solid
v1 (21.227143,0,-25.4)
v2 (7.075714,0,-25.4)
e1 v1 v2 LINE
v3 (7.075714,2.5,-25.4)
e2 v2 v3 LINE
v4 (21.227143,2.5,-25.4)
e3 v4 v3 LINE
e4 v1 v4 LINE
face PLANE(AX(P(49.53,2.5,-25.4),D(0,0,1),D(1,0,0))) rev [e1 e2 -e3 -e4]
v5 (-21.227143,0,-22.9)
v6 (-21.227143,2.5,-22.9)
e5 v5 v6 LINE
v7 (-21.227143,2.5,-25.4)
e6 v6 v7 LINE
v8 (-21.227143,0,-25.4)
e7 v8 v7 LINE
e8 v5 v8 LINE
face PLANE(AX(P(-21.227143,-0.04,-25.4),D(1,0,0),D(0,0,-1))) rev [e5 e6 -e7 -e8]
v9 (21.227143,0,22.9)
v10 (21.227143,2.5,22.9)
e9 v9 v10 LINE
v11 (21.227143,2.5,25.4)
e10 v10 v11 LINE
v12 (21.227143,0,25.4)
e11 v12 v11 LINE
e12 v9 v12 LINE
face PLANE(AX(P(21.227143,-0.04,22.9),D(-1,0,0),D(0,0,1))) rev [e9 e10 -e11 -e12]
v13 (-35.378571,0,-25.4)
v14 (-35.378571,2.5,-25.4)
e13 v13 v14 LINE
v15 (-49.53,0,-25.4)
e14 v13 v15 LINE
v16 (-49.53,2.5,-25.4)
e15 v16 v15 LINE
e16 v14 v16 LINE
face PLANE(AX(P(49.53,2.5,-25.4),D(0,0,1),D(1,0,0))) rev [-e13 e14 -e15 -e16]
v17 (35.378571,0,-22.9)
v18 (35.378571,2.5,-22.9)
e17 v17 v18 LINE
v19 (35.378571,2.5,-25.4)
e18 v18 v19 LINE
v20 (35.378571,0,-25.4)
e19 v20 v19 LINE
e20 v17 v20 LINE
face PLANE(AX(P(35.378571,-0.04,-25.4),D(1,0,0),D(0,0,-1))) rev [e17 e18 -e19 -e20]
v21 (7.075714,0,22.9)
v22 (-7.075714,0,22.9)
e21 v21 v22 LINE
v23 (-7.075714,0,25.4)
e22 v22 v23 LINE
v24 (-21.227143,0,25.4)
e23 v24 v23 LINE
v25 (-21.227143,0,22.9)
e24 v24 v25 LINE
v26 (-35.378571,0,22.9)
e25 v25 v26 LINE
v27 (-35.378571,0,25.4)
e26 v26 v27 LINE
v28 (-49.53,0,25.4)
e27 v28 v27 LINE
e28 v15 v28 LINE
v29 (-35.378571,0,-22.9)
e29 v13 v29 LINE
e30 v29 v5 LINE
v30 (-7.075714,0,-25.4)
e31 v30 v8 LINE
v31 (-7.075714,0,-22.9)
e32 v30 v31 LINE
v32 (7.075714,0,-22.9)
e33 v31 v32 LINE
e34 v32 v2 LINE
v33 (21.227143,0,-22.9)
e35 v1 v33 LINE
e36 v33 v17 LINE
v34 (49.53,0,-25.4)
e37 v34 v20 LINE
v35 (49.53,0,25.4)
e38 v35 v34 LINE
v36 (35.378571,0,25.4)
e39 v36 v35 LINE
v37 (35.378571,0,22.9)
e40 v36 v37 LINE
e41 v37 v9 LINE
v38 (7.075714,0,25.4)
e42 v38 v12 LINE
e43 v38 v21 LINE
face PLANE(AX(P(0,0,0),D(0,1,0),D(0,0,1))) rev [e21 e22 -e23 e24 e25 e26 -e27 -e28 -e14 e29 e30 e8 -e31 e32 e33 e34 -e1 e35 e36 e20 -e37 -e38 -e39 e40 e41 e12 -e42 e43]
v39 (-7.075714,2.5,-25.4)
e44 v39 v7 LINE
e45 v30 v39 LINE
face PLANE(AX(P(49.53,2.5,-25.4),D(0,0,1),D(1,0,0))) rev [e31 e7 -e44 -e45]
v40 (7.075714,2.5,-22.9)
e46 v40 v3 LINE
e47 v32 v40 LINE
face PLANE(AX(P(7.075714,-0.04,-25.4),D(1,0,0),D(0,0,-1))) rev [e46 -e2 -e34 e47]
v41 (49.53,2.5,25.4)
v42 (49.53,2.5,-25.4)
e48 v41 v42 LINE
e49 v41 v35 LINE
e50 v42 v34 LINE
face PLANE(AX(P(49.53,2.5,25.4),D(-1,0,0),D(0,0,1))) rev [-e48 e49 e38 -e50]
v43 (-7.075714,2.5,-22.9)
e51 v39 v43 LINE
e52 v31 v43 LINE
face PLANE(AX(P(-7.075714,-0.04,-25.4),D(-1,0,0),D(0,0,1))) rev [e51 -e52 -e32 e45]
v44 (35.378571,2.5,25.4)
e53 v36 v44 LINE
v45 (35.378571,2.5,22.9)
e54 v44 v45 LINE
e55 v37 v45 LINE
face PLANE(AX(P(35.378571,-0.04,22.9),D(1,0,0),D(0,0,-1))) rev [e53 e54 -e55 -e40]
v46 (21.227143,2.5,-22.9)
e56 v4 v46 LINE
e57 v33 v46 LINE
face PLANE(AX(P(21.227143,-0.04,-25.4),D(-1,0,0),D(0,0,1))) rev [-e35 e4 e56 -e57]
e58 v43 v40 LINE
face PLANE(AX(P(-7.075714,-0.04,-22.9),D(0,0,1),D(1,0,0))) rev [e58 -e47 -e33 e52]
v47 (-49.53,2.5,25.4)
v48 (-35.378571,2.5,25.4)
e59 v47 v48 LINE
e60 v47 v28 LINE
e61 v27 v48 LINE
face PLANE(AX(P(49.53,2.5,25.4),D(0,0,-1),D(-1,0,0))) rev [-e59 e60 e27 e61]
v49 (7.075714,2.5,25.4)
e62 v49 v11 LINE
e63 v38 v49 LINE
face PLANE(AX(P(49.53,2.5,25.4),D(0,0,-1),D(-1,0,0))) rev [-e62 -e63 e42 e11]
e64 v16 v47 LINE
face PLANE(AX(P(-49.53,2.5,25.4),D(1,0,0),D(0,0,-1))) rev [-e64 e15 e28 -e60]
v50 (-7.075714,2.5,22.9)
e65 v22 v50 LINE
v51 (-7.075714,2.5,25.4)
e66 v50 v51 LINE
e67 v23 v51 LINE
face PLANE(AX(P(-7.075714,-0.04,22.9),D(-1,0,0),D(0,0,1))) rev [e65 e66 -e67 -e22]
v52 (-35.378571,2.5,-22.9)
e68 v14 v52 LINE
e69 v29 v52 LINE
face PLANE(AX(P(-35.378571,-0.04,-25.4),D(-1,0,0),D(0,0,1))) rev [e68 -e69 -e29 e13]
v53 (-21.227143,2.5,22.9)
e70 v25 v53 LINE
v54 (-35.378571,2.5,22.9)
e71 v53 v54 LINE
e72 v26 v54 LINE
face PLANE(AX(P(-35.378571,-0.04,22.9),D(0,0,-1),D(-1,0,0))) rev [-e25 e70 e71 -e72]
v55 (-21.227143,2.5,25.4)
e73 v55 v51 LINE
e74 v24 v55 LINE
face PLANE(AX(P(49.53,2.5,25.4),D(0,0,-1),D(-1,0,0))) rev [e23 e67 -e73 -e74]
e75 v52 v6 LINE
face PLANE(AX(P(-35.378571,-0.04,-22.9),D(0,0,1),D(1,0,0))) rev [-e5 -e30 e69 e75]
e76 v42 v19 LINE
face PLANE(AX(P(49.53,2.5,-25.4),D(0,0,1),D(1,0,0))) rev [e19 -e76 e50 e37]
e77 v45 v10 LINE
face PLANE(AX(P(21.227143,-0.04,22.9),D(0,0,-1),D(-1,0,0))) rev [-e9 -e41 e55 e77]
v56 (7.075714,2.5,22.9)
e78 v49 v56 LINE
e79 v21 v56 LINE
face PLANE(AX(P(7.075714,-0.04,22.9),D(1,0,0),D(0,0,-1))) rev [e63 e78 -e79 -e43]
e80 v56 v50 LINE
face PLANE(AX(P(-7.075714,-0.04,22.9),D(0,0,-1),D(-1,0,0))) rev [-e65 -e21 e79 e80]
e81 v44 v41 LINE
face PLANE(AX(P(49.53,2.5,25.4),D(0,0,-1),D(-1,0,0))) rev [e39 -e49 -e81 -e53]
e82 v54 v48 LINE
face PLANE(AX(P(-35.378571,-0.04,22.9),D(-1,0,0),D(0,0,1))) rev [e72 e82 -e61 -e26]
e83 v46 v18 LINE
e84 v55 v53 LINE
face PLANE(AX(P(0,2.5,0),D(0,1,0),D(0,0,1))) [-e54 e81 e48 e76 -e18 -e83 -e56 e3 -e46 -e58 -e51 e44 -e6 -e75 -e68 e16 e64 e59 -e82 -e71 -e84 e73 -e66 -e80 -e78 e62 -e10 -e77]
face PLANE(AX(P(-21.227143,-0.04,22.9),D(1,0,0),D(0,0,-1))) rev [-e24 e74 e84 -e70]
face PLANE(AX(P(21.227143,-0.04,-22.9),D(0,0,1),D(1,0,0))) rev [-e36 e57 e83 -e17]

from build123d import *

# Parameters (mm, degrees)
SKETCH1_W           = 99.06
SKETCH1_H           = 50.8
BOSS_EXTRUDE1_DEPTH = 2.5
SKETCH2_W           = 14.151428572
SKETCH2_H           = 2.5
CUT_EXTRUDE1_DEPTH  = 2.54


with BuildPart() as part:
    # Sketch1 → Boss-Extrude1 (new body)
    with BuildSketch(Plane(origin=(0, 0, 0), x_dir=(1, 0, 0), z_dir=(0, 1, 0))):
        Rectangle(SKETCH1_W, SKETCH1_H)
    extrude(amount=BOSS_EXTRUDE1_DEPTH)

    # Sketch2 → Cut-Extrude1 (cut)
    with BuildSketch(Plane(origin=(0, 2.5, 0), x_dir=(1, 0, 0), z_dir=(0, 1, 0))):
        with Locations((-28.302857143, 24.15)):
            Rectangle(SKETCH2_W, SKETCH2_H)
        with Locations((0, 24.15)):
            Rectangle(SKETCH2_W, SKETCH2_H)
        with Locations((28.302857143, 24.15)):
            Rectangle(SKETCH2_W, SKETCH2_H)
        with Locations((-28.302857143, -24.15)):
            Rectangle(SKETCH2_W, SKETCH2_H)
        with Locations((0, -24.15)):
            Rectangle(SKETCH2_W, SKETCH2_H)
        with Locations((28.302857143, -24.15)):
            Rectangle(SKETCH2_W, SKETCH2_H)
    extrude(amount=-CUT_EXTRUDE1_DEPTH, mode=Mode.SUBTRACT)


solid = part.part
